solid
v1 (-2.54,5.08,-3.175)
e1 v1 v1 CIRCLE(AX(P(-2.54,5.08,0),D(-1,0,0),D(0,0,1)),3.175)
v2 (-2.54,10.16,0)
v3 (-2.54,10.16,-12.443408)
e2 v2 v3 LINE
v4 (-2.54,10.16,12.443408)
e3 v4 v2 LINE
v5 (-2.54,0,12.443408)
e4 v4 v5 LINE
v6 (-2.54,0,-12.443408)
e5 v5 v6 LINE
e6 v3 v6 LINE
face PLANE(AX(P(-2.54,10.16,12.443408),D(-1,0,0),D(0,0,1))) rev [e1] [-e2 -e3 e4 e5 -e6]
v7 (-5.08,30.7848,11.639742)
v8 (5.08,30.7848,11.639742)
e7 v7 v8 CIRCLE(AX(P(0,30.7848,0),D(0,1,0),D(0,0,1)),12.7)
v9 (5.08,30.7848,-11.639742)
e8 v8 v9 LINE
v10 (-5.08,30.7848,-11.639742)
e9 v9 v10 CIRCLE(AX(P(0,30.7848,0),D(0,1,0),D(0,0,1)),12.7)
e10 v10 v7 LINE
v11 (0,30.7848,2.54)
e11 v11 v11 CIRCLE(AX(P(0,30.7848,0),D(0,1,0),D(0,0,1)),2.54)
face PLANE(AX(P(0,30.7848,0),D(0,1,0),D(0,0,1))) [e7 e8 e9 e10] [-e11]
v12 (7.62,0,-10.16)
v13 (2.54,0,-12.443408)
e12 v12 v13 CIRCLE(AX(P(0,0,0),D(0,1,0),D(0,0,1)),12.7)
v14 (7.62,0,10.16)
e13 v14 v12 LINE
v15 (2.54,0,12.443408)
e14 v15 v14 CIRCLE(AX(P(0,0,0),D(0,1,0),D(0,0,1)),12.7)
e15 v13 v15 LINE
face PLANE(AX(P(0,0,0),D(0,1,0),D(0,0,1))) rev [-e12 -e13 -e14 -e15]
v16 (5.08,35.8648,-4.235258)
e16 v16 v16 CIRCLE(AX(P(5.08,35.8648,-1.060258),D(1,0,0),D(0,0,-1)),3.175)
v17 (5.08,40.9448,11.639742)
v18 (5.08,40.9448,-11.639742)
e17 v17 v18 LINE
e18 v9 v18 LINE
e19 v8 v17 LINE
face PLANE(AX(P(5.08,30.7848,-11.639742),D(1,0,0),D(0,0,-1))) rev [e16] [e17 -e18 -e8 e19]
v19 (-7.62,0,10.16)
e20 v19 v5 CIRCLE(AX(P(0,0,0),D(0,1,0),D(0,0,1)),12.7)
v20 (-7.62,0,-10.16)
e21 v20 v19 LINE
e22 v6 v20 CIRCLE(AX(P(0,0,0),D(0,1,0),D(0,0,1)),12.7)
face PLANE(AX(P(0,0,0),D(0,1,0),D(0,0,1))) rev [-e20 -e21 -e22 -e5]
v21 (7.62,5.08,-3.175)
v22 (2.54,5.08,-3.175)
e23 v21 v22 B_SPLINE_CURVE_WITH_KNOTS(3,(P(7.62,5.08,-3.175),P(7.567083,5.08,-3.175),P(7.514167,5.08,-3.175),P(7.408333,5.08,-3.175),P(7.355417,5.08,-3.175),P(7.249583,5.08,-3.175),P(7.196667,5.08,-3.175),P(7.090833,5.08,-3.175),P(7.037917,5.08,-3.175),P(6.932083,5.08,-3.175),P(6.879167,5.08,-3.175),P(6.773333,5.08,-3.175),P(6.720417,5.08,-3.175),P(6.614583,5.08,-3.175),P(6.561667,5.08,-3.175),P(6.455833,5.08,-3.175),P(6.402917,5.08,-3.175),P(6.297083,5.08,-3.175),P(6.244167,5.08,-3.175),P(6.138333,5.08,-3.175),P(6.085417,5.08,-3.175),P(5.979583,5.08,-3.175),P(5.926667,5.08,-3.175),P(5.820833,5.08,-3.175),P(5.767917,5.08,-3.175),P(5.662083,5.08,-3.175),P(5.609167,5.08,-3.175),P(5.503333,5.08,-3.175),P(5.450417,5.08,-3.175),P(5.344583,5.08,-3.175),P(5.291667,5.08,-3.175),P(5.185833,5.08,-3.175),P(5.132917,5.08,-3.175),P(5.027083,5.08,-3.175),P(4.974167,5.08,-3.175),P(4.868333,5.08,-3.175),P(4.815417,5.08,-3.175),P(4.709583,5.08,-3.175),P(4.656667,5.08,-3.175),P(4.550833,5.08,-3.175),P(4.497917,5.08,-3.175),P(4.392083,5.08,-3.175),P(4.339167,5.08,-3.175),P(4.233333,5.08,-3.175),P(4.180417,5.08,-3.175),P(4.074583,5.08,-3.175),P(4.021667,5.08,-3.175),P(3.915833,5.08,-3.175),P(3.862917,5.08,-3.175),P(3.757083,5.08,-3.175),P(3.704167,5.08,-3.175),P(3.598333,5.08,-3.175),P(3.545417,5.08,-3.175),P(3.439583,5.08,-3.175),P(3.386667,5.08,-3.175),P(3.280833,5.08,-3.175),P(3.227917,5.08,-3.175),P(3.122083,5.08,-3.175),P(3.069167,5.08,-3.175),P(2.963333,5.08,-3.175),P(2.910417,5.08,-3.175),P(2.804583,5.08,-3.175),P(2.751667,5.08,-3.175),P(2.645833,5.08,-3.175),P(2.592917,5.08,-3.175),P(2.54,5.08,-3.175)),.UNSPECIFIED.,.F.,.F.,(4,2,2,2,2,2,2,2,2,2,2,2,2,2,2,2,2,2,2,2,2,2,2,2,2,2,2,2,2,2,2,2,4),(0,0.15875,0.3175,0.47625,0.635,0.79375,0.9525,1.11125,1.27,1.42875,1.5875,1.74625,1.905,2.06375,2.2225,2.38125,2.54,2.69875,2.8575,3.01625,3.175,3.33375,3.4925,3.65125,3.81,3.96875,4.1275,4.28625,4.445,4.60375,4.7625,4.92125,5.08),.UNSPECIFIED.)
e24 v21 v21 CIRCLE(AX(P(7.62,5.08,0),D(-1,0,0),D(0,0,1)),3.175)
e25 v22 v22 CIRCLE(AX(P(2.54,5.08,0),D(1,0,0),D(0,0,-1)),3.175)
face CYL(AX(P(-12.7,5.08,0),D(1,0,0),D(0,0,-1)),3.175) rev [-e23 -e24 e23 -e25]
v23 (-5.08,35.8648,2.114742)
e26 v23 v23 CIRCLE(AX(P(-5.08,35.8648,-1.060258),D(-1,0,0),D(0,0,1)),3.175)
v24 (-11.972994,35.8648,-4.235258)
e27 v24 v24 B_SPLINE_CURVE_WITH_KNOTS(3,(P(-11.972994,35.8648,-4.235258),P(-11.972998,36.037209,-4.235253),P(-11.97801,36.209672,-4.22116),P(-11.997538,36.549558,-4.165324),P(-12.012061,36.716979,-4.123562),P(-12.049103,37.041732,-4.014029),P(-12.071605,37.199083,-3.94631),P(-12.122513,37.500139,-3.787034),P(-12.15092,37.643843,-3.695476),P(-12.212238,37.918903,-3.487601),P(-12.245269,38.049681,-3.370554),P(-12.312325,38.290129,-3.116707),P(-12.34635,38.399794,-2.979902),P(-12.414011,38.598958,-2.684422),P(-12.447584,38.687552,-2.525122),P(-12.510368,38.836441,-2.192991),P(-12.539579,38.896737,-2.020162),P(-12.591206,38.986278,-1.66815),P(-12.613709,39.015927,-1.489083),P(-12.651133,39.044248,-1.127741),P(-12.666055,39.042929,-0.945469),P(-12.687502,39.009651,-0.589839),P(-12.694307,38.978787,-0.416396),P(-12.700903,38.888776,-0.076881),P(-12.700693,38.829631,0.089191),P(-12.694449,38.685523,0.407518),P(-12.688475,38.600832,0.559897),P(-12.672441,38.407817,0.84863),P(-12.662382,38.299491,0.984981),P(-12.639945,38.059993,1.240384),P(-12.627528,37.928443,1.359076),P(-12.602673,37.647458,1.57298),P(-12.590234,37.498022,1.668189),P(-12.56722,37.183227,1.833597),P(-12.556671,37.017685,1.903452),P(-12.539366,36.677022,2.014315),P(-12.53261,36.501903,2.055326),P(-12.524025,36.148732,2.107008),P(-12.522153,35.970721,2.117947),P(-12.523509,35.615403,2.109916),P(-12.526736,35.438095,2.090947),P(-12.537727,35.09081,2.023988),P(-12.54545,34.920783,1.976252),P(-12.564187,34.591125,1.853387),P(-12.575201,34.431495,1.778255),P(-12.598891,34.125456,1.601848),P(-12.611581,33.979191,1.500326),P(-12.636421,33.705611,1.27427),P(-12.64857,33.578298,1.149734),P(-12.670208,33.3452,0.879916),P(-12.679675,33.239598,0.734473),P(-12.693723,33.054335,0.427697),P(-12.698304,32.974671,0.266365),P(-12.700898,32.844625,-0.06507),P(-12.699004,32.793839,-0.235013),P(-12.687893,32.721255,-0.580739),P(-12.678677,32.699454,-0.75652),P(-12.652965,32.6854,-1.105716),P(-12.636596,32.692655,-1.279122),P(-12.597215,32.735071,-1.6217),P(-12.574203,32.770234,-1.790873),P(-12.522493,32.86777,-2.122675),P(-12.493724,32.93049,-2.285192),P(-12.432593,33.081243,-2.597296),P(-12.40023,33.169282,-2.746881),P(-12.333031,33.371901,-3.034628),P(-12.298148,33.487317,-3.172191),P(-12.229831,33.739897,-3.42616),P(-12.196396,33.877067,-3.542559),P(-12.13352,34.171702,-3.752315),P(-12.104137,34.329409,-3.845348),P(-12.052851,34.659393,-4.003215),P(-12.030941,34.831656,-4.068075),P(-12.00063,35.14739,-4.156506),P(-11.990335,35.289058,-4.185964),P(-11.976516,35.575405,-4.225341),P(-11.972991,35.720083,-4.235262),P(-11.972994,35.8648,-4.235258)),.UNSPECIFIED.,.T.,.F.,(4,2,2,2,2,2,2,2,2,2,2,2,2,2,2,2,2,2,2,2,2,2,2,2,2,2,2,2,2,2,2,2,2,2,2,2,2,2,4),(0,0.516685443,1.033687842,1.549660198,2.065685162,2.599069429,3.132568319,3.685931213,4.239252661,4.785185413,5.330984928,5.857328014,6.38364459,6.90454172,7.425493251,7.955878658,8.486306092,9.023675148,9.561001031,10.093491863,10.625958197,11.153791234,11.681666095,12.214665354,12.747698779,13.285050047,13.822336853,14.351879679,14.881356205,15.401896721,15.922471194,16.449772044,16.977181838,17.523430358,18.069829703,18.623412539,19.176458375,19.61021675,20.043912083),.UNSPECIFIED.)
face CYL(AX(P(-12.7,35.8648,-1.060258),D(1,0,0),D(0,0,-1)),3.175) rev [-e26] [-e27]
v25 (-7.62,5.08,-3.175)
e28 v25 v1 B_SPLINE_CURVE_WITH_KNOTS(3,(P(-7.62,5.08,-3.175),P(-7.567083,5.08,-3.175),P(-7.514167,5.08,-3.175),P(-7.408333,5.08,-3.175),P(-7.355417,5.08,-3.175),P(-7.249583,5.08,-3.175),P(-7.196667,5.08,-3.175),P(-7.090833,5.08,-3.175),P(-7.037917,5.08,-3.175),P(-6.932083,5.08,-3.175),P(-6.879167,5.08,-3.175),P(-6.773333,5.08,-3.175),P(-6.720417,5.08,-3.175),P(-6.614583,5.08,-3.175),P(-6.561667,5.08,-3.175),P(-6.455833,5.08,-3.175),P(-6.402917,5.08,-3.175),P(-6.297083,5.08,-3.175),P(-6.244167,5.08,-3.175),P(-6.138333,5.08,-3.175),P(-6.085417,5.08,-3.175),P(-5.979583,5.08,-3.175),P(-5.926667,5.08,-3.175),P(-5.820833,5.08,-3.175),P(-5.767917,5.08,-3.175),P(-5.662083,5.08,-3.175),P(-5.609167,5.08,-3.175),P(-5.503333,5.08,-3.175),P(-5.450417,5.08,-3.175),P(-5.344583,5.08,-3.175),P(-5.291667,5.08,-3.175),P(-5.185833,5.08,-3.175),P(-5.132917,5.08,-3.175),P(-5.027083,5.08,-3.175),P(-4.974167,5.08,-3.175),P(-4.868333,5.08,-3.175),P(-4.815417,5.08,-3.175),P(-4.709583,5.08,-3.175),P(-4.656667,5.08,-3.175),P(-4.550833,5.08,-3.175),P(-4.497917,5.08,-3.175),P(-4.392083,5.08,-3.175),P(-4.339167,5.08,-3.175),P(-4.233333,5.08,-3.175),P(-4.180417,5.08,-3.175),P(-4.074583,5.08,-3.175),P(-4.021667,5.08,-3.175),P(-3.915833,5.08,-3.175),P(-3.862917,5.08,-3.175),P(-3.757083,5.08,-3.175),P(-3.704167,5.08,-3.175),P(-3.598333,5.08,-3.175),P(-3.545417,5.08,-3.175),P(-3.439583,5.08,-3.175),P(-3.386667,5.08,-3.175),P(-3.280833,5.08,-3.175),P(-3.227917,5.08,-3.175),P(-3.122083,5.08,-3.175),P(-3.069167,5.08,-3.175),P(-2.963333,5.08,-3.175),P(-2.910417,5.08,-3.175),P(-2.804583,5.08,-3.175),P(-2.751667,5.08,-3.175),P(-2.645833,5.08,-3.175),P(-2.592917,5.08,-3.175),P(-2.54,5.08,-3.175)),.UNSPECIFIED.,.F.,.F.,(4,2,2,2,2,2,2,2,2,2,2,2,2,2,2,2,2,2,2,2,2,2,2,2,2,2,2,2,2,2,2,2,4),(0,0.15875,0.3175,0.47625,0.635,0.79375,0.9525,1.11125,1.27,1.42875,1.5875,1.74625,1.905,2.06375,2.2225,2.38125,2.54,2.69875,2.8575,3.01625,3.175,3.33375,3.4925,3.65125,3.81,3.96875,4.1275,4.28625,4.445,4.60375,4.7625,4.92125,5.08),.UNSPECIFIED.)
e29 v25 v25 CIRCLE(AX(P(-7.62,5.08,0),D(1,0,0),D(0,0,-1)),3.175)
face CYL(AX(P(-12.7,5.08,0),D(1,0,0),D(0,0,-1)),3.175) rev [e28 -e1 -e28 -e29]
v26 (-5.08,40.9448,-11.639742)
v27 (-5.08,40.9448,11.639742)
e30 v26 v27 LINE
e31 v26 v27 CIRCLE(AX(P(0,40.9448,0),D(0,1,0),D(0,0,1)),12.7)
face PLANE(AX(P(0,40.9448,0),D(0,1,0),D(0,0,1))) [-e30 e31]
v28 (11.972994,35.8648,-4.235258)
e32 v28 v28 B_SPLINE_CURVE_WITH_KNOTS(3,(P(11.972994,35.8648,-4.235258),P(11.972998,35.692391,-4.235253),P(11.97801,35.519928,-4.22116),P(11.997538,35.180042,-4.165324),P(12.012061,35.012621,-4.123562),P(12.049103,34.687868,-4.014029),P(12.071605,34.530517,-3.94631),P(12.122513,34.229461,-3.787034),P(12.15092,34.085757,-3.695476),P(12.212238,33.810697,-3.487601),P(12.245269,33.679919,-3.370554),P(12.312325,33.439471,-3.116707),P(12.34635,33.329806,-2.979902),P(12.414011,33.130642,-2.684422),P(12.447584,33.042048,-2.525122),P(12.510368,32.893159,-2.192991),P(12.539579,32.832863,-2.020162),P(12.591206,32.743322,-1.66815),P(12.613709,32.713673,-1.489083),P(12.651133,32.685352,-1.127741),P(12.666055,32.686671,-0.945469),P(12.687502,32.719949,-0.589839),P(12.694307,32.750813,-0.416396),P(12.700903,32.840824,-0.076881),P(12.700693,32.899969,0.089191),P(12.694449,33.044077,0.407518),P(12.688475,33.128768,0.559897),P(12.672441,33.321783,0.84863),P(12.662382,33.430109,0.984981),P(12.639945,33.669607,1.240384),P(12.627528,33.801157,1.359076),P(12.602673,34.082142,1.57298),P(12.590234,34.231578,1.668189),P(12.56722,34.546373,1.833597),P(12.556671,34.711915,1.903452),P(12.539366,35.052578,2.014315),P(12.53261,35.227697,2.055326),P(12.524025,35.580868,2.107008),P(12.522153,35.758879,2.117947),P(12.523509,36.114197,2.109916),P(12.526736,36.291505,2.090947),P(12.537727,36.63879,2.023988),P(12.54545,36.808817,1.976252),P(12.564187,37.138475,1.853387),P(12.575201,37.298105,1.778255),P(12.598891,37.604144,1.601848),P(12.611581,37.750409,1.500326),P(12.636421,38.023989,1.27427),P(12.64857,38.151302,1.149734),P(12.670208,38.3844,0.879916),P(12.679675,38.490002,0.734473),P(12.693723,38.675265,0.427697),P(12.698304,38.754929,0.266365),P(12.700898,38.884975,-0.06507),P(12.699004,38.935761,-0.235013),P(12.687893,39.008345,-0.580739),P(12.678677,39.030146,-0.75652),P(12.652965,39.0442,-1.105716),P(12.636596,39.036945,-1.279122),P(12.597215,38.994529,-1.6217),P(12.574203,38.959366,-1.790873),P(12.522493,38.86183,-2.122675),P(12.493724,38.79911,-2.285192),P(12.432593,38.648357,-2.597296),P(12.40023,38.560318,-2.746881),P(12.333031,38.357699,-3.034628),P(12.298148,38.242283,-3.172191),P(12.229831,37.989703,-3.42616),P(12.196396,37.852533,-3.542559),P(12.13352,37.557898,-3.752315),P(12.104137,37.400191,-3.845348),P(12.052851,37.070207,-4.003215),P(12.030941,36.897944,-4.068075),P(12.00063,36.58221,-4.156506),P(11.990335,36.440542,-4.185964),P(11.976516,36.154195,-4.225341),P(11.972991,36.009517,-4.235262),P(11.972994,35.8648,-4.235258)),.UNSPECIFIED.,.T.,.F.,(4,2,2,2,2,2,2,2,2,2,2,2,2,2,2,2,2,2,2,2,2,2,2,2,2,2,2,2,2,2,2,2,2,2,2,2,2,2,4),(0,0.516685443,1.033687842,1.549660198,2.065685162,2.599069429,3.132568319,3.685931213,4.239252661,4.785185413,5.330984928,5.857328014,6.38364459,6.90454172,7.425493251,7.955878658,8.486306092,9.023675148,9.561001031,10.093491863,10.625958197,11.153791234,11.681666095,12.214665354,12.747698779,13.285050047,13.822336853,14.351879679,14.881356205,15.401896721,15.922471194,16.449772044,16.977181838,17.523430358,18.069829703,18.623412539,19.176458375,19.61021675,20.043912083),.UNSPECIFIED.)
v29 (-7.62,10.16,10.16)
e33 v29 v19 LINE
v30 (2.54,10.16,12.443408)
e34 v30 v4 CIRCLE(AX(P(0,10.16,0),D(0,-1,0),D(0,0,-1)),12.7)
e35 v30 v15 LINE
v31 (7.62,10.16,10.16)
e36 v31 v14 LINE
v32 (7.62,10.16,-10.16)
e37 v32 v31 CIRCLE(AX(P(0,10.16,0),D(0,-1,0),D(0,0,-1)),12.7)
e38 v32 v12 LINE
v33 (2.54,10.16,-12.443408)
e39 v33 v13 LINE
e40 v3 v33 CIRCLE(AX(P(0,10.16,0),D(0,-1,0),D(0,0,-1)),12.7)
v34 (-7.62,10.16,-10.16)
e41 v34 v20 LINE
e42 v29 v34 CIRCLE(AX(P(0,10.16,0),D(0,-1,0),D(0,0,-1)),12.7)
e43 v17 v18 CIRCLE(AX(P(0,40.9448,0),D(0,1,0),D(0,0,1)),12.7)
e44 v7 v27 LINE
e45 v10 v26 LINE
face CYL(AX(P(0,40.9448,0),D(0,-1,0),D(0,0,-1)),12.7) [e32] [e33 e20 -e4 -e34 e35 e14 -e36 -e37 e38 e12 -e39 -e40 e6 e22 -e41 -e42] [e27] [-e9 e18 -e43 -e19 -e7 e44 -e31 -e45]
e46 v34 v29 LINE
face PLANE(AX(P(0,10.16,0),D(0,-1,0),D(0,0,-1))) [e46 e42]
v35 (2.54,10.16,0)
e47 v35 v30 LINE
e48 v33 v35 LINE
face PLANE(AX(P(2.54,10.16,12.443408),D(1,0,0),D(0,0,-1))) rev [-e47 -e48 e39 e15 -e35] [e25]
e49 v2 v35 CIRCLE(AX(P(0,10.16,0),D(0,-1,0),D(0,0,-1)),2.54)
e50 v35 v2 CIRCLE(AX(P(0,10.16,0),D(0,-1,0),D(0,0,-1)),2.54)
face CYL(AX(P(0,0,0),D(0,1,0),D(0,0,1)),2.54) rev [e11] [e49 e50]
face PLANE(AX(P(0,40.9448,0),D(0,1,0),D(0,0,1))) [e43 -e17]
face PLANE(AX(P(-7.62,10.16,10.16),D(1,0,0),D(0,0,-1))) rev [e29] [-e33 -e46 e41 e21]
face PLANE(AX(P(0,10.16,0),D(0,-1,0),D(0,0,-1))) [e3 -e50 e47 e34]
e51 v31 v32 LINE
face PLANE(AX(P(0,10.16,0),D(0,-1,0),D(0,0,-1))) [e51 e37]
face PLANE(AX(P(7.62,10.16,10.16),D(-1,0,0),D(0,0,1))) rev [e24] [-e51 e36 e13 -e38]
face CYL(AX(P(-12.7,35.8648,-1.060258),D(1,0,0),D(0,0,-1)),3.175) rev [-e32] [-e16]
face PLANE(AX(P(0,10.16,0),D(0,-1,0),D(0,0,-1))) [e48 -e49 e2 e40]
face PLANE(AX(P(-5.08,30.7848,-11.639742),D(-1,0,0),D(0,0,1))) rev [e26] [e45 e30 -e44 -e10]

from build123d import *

# Parameters (mm, degrees)
SKETCH1_R               = 12.7
BOSS_EXTRUDE1_DEPTH     = 40.9448
CUT_EXTRUDE1_START      = -10.16
CUT_EXTRUDE1_DEPTH      = 10.16
CUT_EXTRUDE2_DEPTH      = 10.16
CUT_EXTRUDE3_DEPTH      = 47.410074844
CUT_EXTRUDE3_DEPTH_BACK = 47.410074844
SKETCH4_R               = 3.175
SKETCH5_R               = 2.54
CUT_EXTRUDE4_DEPTH      = 36.641042666


with BuildPart() as part:
    # Sketch1 → Boss-Extrude1 (new body)
    with BuildSketch(Plane(origin=(0, 0, 0), x_dir=(1, 0, 0), z_dir=(0, 1, 0))):
        with Locations(Location((0, 0, 0), (0, 0, 270))):
            Circle(SKETCH1_R)
    extrude(amount=BOSS_EXTRUDE1_DEPTH)

    # Sketch2 → Cut-Extrude1 (cut)
    with BuildSketch(Plane(origin=(0, 40.9448, 0), x_dir=(1, 0, 0), z_dir=(0, 1, 0)).offset(CUT_EXTRUDE1_START)):
        with BuildLine():
            Line((5.08, 11.639742265), (5.08, -11.639742265))
            ThreePointArc((5.08, -11.639742265), (0, -12.7), (-5.08, -11.639742265))
            Line((-5.08, -11.639742265), (-5.08, 11.639742265))
            ThreePointArc((-5.08, 11.639742265), (0, 12.7), (5.08, 11.639742265))
        make_face()
    extrude(amount=CUT_EXTRUDE1_DEPTH, mode=Mode.SUBTRACT)

    # Sketch3 → Cut-Extrude2 (cut)
    with BuildSketch(Plane.XZ):
        with BuildLine():
            Line((-2.54, 12.443407893), (-2.54, -12.443407893))
            ThreePointArc((-2.54, -12.443407893), (0, -12.7), (2.54, -12.443407893))
            Line((2.54, -12.443407893), (2.54, 12.443407893))
            ThreePointArc((2.54, 12.443407893), (0, 12.7), (-2.54, 12.443407893))
        make_face()
        with BuildLine():
            Line((-7.62, 10.16), (-7.62, -10.16))
            ThreePointArc((-7.62, -10.16), (-12.7, 0), (-7.62, 10.16))
        make_face()
        with BuildLine():
            Line((7.62, 10.16), (7.62, -10.16))
            ThreePointArc((7.62, -10.16), (12.7, 0), (7.62, 10.16))
        make_face()
    extrude(amount=-CUT_EXTRUDE2_DEPTH, mode=Mode.SUBTRACT)

    # Sketch4 → Cut-Extrude3 (cut, two sides: drawn at the far end of the back side and taken through both)
    with BuildSketch(Plane(origin=(-5.08, 0, 0), x_dir=(0, 0, -1), z_dir=(1, 0, 0)).offset(-CUT_EXTRUDE3_DEPTH_BACK)):
        with Locations((1.060257735, 35.8648)):
            Circle(SKETCH4_R)
        with Locations((0, 5.08)):
            Circle(SKETCH4_R)
    extrude(amount=CUT_EXTRUDE3_DEPTH + CUT_EXTRUDE3_DEPTH_BACK, mode=Mode.SUBTRACT)

    # Sketch5 → Cut-Extrude4 (cut, through all)
    with BuildSketch(Plane(origin=(0, 30.7848, 0), x_dir=(1, 0, 0), z_dir=(0, 1, 0))):
        with Locations(Location((0, 0, 0), (0, 0, 270))):
            Circle(SKETCH5_R)
    extrude(amount=-CUT_EXTRUDE4_DEPTH, mode=Mode.SUBTRACT)


solid = part.part
